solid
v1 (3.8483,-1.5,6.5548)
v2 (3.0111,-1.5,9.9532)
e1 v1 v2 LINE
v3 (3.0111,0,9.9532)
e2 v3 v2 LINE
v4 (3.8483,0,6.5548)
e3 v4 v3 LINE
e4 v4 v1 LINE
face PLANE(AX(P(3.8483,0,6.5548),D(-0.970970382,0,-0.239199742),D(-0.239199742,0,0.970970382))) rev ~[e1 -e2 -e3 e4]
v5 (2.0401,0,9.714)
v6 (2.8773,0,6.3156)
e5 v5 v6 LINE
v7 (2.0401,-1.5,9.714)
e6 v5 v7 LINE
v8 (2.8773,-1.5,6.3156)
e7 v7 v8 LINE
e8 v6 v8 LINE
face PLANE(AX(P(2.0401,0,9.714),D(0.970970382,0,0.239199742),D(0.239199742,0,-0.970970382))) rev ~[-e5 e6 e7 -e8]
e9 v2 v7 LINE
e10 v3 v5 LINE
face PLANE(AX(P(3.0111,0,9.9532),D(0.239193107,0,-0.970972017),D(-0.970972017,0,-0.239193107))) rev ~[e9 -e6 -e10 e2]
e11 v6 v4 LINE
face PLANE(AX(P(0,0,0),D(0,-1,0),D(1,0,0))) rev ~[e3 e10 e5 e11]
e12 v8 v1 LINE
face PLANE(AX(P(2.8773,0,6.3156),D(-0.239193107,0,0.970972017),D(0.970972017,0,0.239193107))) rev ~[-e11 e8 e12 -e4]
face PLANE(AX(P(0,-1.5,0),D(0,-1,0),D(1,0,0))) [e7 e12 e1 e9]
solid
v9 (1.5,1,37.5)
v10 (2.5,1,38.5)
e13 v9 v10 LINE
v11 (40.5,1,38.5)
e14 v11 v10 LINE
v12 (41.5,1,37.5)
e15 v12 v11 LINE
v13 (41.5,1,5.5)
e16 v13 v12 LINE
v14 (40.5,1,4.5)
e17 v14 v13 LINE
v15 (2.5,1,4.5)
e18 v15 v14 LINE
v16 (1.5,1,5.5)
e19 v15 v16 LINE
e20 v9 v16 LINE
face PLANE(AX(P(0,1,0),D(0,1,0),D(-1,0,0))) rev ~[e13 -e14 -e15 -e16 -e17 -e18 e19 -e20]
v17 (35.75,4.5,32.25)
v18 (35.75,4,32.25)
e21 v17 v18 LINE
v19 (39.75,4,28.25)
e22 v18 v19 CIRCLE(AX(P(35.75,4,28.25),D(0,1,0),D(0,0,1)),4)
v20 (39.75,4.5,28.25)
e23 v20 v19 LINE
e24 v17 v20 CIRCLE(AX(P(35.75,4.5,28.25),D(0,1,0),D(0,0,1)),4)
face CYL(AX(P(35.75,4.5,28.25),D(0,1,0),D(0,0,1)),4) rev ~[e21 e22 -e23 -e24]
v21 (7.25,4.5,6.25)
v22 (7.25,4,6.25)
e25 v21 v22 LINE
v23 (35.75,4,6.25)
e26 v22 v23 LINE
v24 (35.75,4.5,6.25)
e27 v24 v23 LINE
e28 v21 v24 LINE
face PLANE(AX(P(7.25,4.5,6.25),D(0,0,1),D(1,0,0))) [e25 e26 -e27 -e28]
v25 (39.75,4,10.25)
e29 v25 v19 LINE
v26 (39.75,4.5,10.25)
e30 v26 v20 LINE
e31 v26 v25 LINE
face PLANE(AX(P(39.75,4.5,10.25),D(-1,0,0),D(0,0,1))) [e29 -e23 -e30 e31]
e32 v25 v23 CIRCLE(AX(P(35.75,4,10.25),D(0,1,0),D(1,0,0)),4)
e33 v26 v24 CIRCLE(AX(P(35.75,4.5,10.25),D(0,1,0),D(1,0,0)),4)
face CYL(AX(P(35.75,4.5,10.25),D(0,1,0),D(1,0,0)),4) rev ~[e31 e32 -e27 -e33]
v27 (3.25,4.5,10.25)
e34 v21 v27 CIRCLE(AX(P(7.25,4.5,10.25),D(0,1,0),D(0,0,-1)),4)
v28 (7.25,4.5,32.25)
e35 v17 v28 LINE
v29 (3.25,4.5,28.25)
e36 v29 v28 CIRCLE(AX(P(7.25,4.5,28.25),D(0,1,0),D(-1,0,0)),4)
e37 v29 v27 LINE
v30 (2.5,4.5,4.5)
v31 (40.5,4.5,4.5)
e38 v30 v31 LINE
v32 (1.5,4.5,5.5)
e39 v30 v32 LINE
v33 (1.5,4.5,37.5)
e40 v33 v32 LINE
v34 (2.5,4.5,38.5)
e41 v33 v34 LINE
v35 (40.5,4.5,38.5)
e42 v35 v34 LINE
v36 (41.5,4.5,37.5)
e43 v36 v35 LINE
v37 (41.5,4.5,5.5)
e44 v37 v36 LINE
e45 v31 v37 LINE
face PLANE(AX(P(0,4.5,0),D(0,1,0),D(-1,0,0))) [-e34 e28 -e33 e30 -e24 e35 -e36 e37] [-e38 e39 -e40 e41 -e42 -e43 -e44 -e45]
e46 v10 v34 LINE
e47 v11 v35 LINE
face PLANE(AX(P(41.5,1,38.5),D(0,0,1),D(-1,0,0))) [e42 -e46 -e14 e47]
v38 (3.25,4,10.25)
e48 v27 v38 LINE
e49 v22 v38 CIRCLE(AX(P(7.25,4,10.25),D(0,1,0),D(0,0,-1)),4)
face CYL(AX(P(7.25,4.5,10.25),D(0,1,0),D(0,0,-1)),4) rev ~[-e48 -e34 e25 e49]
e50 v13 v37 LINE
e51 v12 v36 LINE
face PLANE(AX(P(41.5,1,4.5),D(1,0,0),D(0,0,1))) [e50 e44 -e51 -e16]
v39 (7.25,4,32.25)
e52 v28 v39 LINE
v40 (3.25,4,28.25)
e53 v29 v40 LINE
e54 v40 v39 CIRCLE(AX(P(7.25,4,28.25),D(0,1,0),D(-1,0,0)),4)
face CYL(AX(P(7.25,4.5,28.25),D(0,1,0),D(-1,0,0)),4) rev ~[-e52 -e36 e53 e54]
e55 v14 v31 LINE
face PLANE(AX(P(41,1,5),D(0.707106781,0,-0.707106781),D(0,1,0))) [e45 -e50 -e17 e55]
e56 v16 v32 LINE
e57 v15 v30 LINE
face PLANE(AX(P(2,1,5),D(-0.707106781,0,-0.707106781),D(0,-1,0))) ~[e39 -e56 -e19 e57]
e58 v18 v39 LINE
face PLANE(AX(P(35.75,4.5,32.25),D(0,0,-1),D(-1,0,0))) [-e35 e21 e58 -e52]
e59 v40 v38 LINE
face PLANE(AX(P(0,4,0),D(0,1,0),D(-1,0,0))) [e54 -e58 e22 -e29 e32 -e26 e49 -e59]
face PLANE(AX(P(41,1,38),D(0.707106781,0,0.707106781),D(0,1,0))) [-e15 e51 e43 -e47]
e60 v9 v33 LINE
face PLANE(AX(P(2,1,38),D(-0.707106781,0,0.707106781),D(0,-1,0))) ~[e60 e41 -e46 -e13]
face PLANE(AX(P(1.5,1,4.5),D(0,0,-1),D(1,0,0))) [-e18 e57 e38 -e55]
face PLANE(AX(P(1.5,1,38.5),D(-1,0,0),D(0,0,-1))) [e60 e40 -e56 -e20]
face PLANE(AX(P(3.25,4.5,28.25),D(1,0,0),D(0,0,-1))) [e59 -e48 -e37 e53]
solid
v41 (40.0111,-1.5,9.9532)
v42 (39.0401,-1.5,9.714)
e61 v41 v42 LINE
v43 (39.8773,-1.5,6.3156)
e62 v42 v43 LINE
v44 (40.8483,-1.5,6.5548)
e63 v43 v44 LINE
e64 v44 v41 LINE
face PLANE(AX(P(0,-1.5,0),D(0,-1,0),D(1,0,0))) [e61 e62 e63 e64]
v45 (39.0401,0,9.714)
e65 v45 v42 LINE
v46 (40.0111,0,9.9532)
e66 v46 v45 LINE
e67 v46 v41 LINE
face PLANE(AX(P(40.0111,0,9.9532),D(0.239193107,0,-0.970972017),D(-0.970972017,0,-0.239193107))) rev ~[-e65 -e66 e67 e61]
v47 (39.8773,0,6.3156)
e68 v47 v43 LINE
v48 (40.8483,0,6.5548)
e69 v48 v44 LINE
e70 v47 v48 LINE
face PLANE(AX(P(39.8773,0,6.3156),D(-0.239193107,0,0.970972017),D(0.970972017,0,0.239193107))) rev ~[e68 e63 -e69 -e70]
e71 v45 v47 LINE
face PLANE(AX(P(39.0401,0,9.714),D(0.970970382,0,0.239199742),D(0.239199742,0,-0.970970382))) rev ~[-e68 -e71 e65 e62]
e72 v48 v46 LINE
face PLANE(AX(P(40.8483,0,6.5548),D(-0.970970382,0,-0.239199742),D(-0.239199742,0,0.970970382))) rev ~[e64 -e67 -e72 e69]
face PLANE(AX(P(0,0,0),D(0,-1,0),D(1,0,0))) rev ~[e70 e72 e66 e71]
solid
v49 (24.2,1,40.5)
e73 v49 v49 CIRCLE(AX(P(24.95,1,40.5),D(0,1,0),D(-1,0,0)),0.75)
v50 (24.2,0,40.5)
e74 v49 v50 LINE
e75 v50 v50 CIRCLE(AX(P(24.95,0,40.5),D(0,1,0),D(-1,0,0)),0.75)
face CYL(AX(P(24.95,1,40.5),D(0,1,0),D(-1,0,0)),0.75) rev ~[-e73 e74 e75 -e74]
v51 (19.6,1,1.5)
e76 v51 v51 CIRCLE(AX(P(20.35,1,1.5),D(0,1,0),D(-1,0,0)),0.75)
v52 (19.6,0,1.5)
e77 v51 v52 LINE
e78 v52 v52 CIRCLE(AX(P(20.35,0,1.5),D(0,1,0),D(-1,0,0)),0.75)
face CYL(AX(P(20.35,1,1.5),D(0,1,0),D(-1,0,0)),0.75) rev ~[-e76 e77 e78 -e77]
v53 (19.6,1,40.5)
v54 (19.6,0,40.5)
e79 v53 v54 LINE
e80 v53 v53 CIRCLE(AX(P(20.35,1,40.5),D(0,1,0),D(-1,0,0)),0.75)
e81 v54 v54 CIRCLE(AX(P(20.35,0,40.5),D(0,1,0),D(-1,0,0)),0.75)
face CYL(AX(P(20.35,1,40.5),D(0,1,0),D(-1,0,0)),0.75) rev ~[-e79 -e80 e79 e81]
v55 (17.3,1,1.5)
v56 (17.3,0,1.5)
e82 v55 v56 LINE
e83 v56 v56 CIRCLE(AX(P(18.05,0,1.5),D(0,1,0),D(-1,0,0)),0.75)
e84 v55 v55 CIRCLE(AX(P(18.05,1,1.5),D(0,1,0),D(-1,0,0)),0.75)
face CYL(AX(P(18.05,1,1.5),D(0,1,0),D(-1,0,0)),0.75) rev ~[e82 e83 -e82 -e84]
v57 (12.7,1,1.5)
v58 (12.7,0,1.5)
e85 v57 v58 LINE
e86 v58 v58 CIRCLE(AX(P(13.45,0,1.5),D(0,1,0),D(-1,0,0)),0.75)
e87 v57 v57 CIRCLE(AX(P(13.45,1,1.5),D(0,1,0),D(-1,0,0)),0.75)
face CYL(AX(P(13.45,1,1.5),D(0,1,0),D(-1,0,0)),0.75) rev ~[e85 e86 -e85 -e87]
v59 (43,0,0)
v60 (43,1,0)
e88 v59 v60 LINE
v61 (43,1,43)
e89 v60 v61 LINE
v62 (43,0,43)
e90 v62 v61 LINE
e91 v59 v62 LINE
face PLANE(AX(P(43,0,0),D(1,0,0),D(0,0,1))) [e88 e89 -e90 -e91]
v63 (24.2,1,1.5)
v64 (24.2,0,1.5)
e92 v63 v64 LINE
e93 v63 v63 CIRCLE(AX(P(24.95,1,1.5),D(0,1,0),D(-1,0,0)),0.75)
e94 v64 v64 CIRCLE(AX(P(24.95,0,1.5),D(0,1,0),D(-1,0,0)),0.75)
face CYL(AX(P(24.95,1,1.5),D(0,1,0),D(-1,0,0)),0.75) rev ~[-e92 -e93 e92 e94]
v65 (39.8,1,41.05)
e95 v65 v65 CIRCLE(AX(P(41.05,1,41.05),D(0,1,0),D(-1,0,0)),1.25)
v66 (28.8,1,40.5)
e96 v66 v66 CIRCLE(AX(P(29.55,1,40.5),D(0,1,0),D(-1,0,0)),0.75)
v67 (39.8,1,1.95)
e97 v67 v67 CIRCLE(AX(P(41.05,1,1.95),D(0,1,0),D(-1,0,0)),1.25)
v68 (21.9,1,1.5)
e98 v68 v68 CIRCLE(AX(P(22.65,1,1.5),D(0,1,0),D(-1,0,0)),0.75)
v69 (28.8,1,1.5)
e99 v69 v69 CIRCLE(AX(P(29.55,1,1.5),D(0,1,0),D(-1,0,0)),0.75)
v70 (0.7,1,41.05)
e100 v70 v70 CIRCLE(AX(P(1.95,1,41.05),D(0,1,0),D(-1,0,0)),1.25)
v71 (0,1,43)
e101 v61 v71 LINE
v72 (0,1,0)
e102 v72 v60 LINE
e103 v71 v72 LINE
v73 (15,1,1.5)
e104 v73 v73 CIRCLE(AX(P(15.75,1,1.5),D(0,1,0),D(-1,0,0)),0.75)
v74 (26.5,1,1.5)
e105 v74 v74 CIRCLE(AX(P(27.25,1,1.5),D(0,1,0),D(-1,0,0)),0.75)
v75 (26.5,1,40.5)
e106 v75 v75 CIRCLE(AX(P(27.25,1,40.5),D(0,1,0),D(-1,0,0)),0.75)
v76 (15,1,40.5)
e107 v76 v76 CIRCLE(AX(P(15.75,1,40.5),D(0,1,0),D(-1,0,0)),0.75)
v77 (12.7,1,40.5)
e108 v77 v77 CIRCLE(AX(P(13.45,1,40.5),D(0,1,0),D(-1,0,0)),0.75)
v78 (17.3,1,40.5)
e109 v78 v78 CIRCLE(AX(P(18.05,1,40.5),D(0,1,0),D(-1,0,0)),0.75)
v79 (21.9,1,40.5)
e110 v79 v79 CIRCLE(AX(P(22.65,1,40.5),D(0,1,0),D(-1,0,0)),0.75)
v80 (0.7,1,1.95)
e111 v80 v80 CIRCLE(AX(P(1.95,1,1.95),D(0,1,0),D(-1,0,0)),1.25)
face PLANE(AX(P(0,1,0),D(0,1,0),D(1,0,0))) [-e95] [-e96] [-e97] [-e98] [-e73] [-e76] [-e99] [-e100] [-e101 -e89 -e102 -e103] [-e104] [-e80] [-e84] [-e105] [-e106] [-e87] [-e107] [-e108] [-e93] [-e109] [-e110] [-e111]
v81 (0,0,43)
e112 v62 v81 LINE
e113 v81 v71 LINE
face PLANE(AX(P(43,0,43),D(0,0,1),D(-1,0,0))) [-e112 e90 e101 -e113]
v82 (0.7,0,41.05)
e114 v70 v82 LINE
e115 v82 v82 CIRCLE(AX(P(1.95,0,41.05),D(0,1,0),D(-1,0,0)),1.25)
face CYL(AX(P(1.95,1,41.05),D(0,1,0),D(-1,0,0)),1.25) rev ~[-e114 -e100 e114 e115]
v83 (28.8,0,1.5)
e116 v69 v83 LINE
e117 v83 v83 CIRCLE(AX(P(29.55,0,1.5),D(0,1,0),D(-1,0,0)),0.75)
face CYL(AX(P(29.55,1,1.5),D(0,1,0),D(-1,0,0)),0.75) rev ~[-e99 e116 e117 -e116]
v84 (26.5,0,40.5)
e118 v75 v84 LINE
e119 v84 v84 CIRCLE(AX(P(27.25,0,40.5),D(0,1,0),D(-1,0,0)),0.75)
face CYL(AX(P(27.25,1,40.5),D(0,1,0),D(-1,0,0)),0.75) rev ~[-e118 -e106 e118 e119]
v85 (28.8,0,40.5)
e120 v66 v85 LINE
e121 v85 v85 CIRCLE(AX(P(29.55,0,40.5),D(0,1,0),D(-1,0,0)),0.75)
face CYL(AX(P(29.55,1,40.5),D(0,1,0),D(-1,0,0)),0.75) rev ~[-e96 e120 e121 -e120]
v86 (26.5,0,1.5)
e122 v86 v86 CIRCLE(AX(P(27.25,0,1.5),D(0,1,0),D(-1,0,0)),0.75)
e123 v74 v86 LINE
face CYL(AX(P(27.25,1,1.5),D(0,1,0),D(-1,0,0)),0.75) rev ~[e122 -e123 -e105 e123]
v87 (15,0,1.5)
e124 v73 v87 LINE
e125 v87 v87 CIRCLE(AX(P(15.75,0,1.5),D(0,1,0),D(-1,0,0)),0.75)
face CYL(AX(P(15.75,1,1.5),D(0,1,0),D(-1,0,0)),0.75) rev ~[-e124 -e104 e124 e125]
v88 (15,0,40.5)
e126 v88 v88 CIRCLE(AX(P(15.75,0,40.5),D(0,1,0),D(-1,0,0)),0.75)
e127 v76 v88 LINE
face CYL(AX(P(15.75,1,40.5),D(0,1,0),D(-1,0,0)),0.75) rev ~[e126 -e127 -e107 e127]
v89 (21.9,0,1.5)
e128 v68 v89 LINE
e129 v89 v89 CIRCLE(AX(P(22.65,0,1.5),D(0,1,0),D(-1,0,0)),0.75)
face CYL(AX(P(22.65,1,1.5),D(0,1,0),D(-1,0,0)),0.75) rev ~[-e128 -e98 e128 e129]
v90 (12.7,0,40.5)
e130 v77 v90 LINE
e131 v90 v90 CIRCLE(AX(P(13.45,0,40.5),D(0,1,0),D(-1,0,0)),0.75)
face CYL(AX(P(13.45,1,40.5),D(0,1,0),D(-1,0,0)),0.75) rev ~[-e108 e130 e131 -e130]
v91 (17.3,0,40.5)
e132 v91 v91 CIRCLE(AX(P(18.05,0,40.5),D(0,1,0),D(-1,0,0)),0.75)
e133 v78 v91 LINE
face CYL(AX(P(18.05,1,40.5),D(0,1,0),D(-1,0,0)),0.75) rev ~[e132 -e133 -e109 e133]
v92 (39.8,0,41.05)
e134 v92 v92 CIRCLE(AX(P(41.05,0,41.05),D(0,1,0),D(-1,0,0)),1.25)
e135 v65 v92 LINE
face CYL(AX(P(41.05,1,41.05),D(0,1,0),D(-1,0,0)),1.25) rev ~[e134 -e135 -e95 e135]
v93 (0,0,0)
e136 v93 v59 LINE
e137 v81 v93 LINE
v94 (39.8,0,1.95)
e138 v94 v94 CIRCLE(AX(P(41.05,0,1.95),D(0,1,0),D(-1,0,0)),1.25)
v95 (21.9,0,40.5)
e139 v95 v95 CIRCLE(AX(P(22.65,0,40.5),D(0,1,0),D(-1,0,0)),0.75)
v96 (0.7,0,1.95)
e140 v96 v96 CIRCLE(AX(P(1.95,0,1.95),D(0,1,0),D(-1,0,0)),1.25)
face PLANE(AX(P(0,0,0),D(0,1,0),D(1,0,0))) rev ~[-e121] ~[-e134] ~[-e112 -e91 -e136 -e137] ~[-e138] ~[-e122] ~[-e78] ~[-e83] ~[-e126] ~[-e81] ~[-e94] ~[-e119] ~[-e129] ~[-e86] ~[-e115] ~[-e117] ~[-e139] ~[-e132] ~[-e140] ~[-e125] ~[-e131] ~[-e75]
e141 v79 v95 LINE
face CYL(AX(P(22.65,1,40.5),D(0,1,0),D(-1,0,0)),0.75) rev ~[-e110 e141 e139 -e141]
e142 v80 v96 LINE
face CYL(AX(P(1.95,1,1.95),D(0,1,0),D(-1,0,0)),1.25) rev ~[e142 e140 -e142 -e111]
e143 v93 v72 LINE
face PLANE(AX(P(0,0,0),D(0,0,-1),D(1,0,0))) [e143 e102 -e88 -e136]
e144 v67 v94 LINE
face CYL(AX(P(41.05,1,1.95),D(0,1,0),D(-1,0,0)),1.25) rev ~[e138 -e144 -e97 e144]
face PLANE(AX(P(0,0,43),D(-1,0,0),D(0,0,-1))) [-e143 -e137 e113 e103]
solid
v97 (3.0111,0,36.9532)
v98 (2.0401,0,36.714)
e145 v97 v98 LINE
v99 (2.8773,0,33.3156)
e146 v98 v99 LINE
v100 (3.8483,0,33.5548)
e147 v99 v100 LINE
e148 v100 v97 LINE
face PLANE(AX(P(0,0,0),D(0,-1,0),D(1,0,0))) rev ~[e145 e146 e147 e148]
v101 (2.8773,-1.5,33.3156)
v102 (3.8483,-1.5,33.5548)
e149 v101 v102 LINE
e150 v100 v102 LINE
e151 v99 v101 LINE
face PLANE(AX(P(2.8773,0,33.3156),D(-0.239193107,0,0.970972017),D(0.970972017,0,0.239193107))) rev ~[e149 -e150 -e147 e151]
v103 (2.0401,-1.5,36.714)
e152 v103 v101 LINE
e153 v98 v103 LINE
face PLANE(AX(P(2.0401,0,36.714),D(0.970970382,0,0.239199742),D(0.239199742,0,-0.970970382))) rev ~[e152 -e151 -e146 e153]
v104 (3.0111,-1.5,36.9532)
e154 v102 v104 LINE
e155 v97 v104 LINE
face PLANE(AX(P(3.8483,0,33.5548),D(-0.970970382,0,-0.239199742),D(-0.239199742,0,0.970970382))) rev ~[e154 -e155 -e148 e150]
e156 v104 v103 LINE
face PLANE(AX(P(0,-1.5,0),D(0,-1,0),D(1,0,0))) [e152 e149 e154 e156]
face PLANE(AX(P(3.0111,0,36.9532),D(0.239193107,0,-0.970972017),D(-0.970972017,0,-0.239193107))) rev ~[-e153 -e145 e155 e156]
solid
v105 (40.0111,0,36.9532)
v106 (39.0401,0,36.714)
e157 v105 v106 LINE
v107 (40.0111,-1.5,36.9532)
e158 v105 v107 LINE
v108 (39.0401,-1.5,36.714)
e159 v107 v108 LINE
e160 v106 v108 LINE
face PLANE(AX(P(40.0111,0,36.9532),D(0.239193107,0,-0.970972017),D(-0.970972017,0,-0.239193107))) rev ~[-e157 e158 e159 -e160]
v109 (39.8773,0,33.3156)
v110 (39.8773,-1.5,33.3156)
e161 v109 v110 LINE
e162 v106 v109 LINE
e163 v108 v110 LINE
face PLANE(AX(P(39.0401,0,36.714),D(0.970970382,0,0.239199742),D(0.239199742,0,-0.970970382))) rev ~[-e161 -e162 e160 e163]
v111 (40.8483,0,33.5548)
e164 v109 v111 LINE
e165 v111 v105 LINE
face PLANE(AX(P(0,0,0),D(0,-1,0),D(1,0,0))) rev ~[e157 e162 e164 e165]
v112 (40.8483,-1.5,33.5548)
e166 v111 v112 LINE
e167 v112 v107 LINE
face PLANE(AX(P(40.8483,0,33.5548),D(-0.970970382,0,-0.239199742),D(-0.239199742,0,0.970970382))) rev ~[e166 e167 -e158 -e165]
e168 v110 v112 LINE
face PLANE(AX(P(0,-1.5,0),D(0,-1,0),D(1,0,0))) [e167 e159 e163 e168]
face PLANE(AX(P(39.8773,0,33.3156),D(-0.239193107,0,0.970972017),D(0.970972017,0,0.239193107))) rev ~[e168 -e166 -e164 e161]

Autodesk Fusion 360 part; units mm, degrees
sketch "Sketch1" plane through (0, 0, 0) normal (0, 1, 0) x (1, 0, 0)
  line L0 (0, 0) -> (43, 0)
  line L1 (43, 0) -> (43, -43)
  line L2 (43, -43) -> (0, -43)
  line L3 (0, -43) -> (0, 0)
  dimension "d1" = 43
  dimension "d2" = 43
extrude "Extrude1" add sketch "Sketch1" along normal blind 1 makes body 1
copy_body "Body->Comp1" bodies 1 removing the originals makes body 2 in component "pcb"
sketch "Sketch1 (2)" plane through (0, 1, 0) normal (0, 1, 0) x (-1, 0, 0) in component "Component"
  line L0 (0, 43) -> (-43, 43)
  line L1 (-43, 43) -> (-43, 0)
  line L2 (-43, 0) -> (0, 0)
  line L3 (0, 0) -> (0, 43)
  line L4 (-1.5, 4.5) -> (-41.5, 4.5)
  line L5 (-41.5, 4.5) -> (-41.5, 38.5)
  line L6 (-41.5, 38.5) -> (-1.5, 38.5)
  line L7 (-1.5, 38.5) -> (-1.5, 4.5)
  dimension "d5" = 40
  dimension "d6" = 34
  dimension "d7" = 1.5
  dimension "d8" = 4.5
extrude "Extrude1'" add sketch "Sketch1 (2)" along normal blind 3.5 separate body contours L4 L5 L6 L7 makes body 3 in component "Component"
sketch "Sketch2" plane through (0, 4.5, 0) normal (0, 1, 0) x (-1, 0, 0) in component "Component"
  line L0 (-1.5, 38.5) -> (-41.5, 38.5)
  line L1 (-41.5, 38.5) -> (-41.5, 4.5)
  line L2 (-41.5, 4.5) -> (-1.5, 4.5)
  line L3 (-1.5, 4.5) -> (-1.5, 38.5)
  line L4 (-7.25, 6.25) -> (-35.75, 6.25)
  line L5 (-39.75, 10.25) -> (-39.75, 28.25)
  line L6 (-35.75, 32.25) -> (-7.25, 32.25)
  line L7 (-3.25, 28.25) -> (-3.25, 10.25)
  arc A0 (-7.25, 6.25) -> (-3.25, 10.25) centre (-7.25, 10.25) ccw
  arc A1 (-39.75, 10.25) -> (-35.75, 6.25) centre (-35.75, 10.25) ccw
  arc A2 (-35.75, 32.25) -> (-39.75, 28.25) centre (-35.75, 28.25) ccw
  arc A3 (-3.25, 28.25) -> (-7.25, 32.25) centre (-7.25, 28.25) ccw
  point P0 (-3.25, 6.25)
  point P1 (-39.75, 6.25)
  point P2 (-3.25, 32.25)
  dimension "d11" = 36.5
  dimension "d12" = 26
  dimension "d13" = 1.75
  dimension "d14" = 1.75
  dimension "d15" = 4
extrude "Extrude2" cut sketch "Sketch2" against normal blind 0.5 contours L4 L5 L6 L7 A0 A1 A2 A3 bodies 3 in component "Component"
sketch "Sketch1 (3)" plane through (0, 1, 0) normal (0, 1, 0) x (-1, 0, 0) in component "pcb"
  line L0 (0, 43) -> (-43, 43)
  line L1 (-43, 43) -> (-43, 0)
  line L2 (-43, 0) -> (0, 0)
  line L3 (0, 0) -> (0, 43)
  circle A0 centre (-1.95, 1.95) radius 1.25
  circle A1 centre (-1.95, 41.05) radius 1.25
  circle A2 centre (-41.05, 41.05) radius 1.25
  circle A3 centre (-41.05, 1.95) radius 1.25
  point P0 (-21.5, 21.5)
  dimension "d18" = 2.5
  dimension "d19" = 1.95
  dimension "d20" = 1.95
  dimension "d22" = 360
extrude "Extrude1''" cut sketch "Sketch1 (3)" against normal up to surface (1 mm away) contours A0 | A1 | A2 | A3 bodies 2 in component "pcb"
sketch "Sketch2 (2)" plane through (0, 1, 0) normal (0, 1, 0) x (-1, 0, 0) in component "pcb"
  circle A0 centre (-41.05, 1.95) radius 1.25
  circle A1 centre (-41.05, 41.05) radius 1.25
  circle A2 centre (-1.95, 1.95) radius 1.25
  circle A3 centre (-1.95, 41.05) radius 1.25
  line L0 (0, 43) -> (-43, 43)
  line L1 (-43, 43) -> (-43, 0)
  line L2 (-43, 0) -> (0, 0)
  line L3 (0, 0) -> (0, 43)
  circle A4 centre (-13.45, 1.5) radius 0.75
  circle A5 centre (-15.75, 1.5) radius 0.75
  circle A6 centre (-18.05, 1.5) radius 0.75
  circle A7 centre (-20.35, 1.5) radius 0.75
  circle A8 centre (-22.65, 1.5) radius 0.75
  circle A9 centre (-24.95, 1.5) radius 0.75
  circle A10 centre (-27.25, 1.5) radius 0.75
  circle A11 centre (-29.55, 1.5) radius 0.75
  circle A12 centre (-13.45, 40.5) radius 0.75
  circle A13 centre (-15.75, 40.5) radius 0.75
  circle A14 centre (-18.05, 40.5) radius 0.75
  circle A15 centre (-20.35, 40.5) radius 0.75
  circle A16 centre (-22.65, 40.5) radius 0.75
  circle A17 centre (-24.95, 40.5) radius 0.75
  circle A18 centre (-27.25, 40.5) radius 0.75
  circle A19 centre (-29.55, 40.5) radius 0.75
  dimension "d25" = 1.5
  dimension "d26" = 1.5
  dimension "d29" = -2.3
  dimension "d30" = 39
  dimension "d31" = 13.45
extrude "Extrude2'" cut sketch "Sketch2 (2)" against normal through all contours A4 | A5 | A6 | A7 | A8 | A9 | A10 | A11 | A12 | A13 | A14 | A15 | A16 | A17 | A18 | A19 bodies 2 in component "pcb"
chamfer "Chamfer1" distance 1 angle 45 4 edges at (1.5, 2.75, 38.5) (1.5, 2.75, 4.5) (41.5, 2.75, 4.5) (41.5, 2.75, 38.5) on bodies 3 in component "Component"
sketch "Sketch3" plane through (0, 0, 0) normal (0, -1, 0) x (1, 0, 0) in component "Component"
  circle A0 centre (13.45, 40.5) radius 0.75
  circle A1 centre (22.65, 40.5) radius 0.75
  circle A2 centre (15.75, 1.5) radius 0.75
  circle A3 centre (27.25, 1.5) radius 0.75
  circle A4 centre (29.55, 1.5) radius 0.75
  circle A5 centre (18.05, 1.5) radius 0.75
  circle A6 centre (15.75, 40.5) radius 0.75
  circle A7 centre (20.35, 40.5) radius 0.75
  circle A8 centre (29.55, 40.5) radius 0.75
  circle A9 centre (24.95, 40.5) radius 0.75
  circle A10 centre (22.65, 1.5) radius 0.75
  circle A11 centre (24.95, 1.5) radius 0.75
  circle A12 centre (13.45, 1.5) radius 0.75
  circle A13 centre (20.35, 1.5) radius 0.75
  circle A14 centre (27.25, 40.5) radius 0.75
  circle A15 centre (18.05, 40.5) radius 0.75
  circle A16 centre (41.05, 1.95) radius 1.25
  circle A17 centre (41.05, 41.05) radius 1.25
  circle A18 centre (1.95, 1.95) radius 1.25
  circle A19 centre (1.95, 41.05) radius 1.25
  line L0 (43, 43) -> (0, 43)
  line L1 (0, 43) -> (0, 0)
  line L2 (0, 0) -> (43, 0)
  line L3 (43, 0) -> (43, 43)
  line L4 (39.8773, 6.3156) -> (40.8483, 6.5548)
  line L5 (40.8483, 6.5548) -> (40.0111, 9.9532)
  line L6 (40.0111, 9.9532) -> (39.0401, 9.714)
  line L7 (39.0401, 9.714) -> (39.8773, 6.3156)
  line L8 (3.8483, 6.5548) -> (3.0111, 9.9532)
  line L9 (2.0401, 9.714) -> (2.8773, 6.3156)
  line L10 (3.0111, 9.9532) -> (2.0401, 9.714)
  line L11 (2.8773, 6.3156) -> (3.8483, 6.5548)
  line L12 (40.8483, 33.5548) -> (40.0111, 36.9532)
  line L13 (39.0401, 36.714) -> (39.8773, 33.3156)
  line L14 (40.0111, 36.9532) -> (39.0401, 36.714)
  line L15 (39.8773, 33.3156) -> (40.8483, 33.5548)
  line L16 (3.8483, 33.5548) -> (3.0111, 36.9532)
  line L17 (2.0401, 36.714) -> (2.8773, 33.3156)
  line L18 (3.0111, 36.9532) -> (2.0401, 36.714)
  line L19 (2.8773, 33.3156) -> (3.8483, 33.5548)
  dimension "d34" = 3.5
  dimension "d35" = 1
  dimension "d38" = -37
  dimension "d39" = 27
extrude "Extrude3" add sketch "Sketch3" along normal blind 1.5 separate body contours L4 L5 L6 L7 | L8 L9 L10 L11 | L12 L13 L14 L15 | L16 L17 L18 L19 makes body 4 at (39.3192, -0.5, 35.5812) makes body 5 at (2.5982, -1, 7.4484) makes body 6 at (2.3192, -0.5, 35.5812) makes body 7 at (39.3192, -0.5, 8.5812) in component "Component"
component "pcb" placed x (1, 0, 0) y (0, 1, 0) z (0, 0, 1) at (0, 0, 0)
component "Component" placed x (1, 0, 0) y (0, 1, 0) z (0, 0, 1) at (0, 0, 0) in component "pcb"
equation "d7 = ( ( 43 - 40 ) / 2 ) * 1 mm"
equation "d8 = ( ( 43 - 34 ) / 2 ) * 1 mm"
equation "d13 = ( 40 mm - d11 ) / 2"
equation "d14 = d13"
equation "d19 = ( ( 2.5 / 2 ) + 0.7 ) * 1 mm"
